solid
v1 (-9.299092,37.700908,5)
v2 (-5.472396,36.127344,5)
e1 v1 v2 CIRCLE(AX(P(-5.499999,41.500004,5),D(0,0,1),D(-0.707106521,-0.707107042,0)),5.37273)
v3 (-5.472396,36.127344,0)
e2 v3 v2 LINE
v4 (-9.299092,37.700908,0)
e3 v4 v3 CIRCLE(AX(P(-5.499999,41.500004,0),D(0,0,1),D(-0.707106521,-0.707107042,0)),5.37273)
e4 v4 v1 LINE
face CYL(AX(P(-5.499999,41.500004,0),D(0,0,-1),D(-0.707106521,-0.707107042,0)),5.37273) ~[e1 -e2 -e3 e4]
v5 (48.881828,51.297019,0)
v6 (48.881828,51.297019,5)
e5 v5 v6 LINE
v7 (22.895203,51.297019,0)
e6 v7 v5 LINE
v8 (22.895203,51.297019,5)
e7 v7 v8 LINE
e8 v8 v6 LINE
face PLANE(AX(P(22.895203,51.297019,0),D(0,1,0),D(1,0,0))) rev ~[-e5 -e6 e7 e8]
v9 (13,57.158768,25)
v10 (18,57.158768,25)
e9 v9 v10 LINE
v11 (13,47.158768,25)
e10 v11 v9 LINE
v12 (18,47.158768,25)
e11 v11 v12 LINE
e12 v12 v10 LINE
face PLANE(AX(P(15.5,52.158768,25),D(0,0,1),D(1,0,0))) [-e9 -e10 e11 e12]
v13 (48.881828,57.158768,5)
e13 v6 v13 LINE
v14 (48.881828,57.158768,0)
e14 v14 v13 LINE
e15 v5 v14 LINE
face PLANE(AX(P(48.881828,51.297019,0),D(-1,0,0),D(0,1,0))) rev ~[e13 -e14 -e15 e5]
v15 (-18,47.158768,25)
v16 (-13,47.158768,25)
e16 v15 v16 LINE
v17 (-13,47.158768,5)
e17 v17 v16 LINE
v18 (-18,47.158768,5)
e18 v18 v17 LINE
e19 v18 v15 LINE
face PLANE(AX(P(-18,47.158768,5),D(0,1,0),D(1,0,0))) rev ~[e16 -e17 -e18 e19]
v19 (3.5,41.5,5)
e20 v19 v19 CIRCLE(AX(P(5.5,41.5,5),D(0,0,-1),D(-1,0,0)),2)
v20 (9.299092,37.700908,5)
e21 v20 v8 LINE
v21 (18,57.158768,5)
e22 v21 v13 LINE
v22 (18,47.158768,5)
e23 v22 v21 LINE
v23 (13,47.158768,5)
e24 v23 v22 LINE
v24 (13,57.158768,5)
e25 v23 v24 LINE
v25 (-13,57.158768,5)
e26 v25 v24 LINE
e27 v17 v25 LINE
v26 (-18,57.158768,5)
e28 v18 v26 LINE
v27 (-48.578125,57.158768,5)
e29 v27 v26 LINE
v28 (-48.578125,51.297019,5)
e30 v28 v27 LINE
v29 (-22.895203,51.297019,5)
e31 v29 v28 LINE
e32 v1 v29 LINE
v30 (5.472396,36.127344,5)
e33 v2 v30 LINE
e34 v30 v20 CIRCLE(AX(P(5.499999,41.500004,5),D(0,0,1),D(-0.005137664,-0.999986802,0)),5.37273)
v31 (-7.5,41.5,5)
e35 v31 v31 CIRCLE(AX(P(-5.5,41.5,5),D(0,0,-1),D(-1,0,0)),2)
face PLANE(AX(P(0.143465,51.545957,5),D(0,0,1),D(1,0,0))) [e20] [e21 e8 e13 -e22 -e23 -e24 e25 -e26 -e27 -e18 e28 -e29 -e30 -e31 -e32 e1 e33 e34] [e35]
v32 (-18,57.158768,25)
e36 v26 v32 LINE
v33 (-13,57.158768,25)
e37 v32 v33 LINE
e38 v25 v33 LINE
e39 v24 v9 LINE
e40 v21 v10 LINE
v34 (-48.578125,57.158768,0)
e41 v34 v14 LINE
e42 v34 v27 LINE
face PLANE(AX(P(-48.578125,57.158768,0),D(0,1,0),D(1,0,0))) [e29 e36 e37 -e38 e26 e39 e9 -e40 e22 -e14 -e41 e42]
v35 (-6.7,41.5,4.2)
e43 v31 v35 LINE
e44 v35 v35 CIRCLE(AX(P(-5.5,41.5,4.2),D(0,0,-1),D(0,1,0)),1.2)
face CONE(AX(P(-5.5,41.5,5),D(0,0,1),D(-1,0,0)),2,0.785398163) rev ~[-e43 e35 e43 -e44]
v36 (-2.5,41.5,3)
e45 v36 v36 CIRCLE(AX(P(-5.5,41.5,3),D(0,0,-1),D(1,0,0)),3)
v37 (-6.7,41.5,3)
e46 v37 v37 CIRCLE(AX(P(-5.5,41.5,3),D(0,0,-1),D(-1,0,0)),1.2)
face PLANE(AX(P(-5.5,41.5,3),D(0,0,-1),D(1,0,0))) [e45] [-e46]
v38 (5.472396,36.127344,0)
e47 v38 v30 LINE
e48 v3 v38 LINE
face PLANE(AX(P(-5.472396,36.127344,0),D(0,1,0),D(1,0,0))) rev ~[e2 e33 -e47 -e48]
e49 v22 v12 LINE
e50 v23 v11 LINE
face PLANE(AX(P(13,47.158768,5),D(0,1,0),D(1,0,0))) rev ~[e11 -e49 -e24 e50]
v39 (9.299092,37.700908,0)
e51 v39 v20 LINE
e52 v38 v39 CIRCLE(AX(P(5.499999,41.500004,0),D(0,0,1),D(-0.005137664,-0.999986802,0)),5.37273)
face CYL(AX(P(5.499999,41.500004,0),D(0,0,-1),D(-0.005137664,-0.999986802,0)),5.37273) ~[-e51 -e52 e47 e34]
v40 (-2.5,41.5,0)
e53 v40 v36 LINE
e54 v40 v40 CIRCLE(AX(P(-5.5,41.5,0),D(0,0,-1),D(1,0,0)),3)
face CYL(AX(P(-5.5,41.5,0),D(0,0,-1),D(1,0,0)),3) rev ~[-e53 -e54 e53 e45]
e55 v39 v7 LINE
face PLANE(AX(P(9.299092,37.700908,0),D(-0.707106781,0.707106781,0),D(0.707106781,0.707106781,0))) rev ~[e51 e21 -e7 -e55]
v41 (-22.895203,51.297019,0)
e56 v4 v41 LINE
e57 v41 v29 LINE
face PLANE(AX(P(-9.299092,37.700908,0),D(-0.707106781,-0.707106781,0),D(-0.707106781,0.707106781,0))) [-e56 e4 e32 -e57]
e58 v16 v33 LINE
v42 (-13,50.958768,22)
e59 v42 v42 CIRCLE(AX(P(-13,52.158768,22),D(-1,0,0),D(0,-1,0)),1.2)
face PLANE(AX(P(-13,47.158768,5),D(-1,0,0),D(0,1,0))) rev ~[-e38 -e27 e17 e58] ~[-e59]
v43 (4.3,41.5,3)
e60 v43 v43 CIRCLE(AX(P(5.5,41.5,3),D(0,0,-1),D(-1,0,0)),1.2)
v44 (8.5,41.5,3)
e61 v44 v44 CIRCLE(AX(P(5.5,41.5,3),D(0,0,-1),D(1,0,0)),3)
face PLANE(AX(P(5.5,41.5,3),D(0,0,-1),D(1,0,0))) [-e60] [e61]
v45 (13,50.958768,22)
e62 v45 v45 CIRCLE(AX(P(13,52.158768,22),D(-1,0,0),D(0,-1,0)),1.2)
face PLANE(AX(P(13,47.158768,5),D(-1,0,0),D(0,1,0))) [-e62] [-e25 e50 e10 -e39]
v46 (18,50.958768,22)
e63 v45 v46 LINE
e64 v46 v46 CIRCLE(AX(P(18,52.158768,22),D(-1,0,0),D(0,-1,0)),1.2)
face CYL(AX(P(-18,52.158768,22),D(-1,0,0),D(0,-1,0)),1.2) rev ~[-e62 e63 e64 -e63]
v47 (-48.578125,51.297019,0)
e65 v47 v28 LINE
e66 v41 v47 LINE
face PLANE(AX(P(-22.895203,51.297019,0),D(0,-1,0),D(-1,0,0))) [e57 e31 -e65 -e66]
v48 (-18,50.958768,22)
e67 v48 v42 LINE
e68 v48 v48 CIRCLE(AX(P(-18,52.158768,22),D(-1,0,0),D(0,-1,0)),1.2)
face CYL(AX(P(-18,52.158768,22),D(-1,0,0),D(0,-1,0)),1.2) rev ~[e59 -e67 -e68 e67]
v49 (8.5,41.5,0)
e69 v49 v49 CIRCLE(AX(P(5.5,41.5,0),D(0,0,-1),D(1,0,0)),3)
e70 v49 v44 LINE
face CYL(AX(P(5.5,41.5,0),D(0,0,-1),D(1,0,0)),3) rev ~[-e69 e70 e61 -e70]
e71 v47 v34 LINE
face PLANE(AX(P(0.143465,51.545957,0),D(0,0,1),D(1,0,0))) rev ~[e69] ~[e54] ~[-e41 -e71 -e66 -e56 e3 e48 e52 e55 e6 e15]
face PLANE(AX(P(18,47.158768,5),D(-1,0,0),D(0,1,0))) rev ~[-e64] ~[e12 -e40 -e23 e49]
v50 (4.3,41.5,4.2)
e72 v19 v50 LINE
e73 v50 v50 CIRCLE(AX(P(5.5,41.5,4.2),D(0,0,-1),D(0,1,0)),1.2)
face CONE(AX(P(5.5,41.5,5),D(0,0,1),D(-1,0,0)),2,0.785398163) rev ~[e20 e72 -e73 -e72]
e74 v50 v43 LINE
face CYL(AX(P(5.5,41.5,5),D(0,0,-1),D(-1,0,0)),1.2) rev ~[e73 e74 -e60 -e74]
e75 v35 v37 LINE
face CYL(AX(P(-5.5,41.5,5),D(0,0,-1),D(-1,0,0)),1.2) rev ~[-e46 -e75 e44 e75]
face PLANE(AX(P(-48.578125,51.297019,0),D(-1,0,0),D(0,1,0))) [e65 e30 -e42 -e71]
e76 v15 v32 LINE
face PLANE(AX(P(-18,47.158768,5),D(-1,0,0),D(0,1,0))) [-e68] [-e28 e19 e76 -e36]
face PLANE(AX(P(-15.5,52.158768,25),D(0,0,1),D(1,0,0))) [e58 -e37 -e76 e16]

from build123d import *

# Parameters (mm, degrees)
PAD_DEPTH        = 5
SKETCH004_R      = 3
POCKET_DEPTH     = 3
HOLE_D           = 2.4
HOLE_CSINK_D     = 4
HOLE_CSINK_ANGLE = 90
SKETCH006_W      = 5
SKETCH006_H      = 10
PAD001_DEPTH     = 20
SKETCH007_W      = 5
SKETCH007_H      = 10
PAD002_DEPTH     = 20
SKETCH008_R      = 1.2
HOLE001_DEPTH    = 66.882828


with BuildPart() as part:
    # Sketch → Pad (new body)
    with BuildSketch(Plane.XY):
        with BuildLine():
            ThreePointArc((-9.299092, 37.700908), (-7.543295, 36.530982), (-5.472396, 36.127344))
            Line((-5.472396, 36.127344), (5.472396, 36.127344))
            ThreePointArc((5.472396, 36.127344), (7.543295, 36.530982), (9.299092, 37.700908))
            Line((9.299092, 37.700908), (22.895203, 51.297019))
            Line((22.895203, 51.297019), (48.881828, 51.297019))
            Line((48.881828, 51.297019), (48.881828, 57.158768))
            Line((-48.578125, 57.158768), (48.881828, 57.158768))
            Line((-48.578125, 51.297019), (-48.578125, 57.158768))
            Line((-22.895203, 51.297019), (-48.578125, 51.297019))
            Line((-9.299092, 37.700908), (-22.895203, 51.297019))
        make_face()
    extrude(amount=PAD_DEPTH)

    # Sketch004 (on Face11 of Pad) → Pocket (cut)
    with BuildSketch(Plane(origin=(0, 0, 0), x_dir=(1, 0, 0), z_dir=(0, 0, -1))):
        with Locations((-5.5, -41.5)):
            Circle(SKETCH004_R)
        with Locations((5.5, -41.5)):
            Circle(SKETCH004_R)
    extrude(amount=-POCKET_DEPTH, mode=Mode.SUBTRACT)

    # Hole (through all)
    with Locations(Plane.XY.offset(5)):
        with Locations((-5.5, 41.5), (5.5, 41.5)):
            CounterSinkHole(HOLE_D / 2, HOLE_CSINK_D / 2, counter_sink_angle=HOLE_CSINK_ANGLE)

    # Sketch006 (on Face5 of Hole) → Pad001 (join)
    with BuildSketch(Plane.XY.offset(5)):
        with Locations((-15.5, 52.158768)):
            Rectangle(SKETCH006_W, SKETCH006_H)
    extrude(amount=PAD001_DEPTH)

    # Sketch007 (on Face5 of Pad001) → Pad002 (join)
    with BuildSketch(Plane.XY.offset(5)):
        with Locations((15.5, 52.158768)):
            Rectangle(SKETCH007_W, SKETCH007_H)
    extrude(amount=PAD002_DEPTH)

    # Sketch008 (on Face15 of Pad002) → Hole001 (cut, through all)
    with BuildSketch(Plane(origin=(-18, 0, 0), x_dir=(0, -1, 0), z_dir=(-1, 0, 0))):
        with Locations((-52.158768, 22)):
            Circle(SKETCH008_R)
    extrude(amount=-HOLE001_DEPTH, mode=Mode.SUBTRACT)


solid = part.part
